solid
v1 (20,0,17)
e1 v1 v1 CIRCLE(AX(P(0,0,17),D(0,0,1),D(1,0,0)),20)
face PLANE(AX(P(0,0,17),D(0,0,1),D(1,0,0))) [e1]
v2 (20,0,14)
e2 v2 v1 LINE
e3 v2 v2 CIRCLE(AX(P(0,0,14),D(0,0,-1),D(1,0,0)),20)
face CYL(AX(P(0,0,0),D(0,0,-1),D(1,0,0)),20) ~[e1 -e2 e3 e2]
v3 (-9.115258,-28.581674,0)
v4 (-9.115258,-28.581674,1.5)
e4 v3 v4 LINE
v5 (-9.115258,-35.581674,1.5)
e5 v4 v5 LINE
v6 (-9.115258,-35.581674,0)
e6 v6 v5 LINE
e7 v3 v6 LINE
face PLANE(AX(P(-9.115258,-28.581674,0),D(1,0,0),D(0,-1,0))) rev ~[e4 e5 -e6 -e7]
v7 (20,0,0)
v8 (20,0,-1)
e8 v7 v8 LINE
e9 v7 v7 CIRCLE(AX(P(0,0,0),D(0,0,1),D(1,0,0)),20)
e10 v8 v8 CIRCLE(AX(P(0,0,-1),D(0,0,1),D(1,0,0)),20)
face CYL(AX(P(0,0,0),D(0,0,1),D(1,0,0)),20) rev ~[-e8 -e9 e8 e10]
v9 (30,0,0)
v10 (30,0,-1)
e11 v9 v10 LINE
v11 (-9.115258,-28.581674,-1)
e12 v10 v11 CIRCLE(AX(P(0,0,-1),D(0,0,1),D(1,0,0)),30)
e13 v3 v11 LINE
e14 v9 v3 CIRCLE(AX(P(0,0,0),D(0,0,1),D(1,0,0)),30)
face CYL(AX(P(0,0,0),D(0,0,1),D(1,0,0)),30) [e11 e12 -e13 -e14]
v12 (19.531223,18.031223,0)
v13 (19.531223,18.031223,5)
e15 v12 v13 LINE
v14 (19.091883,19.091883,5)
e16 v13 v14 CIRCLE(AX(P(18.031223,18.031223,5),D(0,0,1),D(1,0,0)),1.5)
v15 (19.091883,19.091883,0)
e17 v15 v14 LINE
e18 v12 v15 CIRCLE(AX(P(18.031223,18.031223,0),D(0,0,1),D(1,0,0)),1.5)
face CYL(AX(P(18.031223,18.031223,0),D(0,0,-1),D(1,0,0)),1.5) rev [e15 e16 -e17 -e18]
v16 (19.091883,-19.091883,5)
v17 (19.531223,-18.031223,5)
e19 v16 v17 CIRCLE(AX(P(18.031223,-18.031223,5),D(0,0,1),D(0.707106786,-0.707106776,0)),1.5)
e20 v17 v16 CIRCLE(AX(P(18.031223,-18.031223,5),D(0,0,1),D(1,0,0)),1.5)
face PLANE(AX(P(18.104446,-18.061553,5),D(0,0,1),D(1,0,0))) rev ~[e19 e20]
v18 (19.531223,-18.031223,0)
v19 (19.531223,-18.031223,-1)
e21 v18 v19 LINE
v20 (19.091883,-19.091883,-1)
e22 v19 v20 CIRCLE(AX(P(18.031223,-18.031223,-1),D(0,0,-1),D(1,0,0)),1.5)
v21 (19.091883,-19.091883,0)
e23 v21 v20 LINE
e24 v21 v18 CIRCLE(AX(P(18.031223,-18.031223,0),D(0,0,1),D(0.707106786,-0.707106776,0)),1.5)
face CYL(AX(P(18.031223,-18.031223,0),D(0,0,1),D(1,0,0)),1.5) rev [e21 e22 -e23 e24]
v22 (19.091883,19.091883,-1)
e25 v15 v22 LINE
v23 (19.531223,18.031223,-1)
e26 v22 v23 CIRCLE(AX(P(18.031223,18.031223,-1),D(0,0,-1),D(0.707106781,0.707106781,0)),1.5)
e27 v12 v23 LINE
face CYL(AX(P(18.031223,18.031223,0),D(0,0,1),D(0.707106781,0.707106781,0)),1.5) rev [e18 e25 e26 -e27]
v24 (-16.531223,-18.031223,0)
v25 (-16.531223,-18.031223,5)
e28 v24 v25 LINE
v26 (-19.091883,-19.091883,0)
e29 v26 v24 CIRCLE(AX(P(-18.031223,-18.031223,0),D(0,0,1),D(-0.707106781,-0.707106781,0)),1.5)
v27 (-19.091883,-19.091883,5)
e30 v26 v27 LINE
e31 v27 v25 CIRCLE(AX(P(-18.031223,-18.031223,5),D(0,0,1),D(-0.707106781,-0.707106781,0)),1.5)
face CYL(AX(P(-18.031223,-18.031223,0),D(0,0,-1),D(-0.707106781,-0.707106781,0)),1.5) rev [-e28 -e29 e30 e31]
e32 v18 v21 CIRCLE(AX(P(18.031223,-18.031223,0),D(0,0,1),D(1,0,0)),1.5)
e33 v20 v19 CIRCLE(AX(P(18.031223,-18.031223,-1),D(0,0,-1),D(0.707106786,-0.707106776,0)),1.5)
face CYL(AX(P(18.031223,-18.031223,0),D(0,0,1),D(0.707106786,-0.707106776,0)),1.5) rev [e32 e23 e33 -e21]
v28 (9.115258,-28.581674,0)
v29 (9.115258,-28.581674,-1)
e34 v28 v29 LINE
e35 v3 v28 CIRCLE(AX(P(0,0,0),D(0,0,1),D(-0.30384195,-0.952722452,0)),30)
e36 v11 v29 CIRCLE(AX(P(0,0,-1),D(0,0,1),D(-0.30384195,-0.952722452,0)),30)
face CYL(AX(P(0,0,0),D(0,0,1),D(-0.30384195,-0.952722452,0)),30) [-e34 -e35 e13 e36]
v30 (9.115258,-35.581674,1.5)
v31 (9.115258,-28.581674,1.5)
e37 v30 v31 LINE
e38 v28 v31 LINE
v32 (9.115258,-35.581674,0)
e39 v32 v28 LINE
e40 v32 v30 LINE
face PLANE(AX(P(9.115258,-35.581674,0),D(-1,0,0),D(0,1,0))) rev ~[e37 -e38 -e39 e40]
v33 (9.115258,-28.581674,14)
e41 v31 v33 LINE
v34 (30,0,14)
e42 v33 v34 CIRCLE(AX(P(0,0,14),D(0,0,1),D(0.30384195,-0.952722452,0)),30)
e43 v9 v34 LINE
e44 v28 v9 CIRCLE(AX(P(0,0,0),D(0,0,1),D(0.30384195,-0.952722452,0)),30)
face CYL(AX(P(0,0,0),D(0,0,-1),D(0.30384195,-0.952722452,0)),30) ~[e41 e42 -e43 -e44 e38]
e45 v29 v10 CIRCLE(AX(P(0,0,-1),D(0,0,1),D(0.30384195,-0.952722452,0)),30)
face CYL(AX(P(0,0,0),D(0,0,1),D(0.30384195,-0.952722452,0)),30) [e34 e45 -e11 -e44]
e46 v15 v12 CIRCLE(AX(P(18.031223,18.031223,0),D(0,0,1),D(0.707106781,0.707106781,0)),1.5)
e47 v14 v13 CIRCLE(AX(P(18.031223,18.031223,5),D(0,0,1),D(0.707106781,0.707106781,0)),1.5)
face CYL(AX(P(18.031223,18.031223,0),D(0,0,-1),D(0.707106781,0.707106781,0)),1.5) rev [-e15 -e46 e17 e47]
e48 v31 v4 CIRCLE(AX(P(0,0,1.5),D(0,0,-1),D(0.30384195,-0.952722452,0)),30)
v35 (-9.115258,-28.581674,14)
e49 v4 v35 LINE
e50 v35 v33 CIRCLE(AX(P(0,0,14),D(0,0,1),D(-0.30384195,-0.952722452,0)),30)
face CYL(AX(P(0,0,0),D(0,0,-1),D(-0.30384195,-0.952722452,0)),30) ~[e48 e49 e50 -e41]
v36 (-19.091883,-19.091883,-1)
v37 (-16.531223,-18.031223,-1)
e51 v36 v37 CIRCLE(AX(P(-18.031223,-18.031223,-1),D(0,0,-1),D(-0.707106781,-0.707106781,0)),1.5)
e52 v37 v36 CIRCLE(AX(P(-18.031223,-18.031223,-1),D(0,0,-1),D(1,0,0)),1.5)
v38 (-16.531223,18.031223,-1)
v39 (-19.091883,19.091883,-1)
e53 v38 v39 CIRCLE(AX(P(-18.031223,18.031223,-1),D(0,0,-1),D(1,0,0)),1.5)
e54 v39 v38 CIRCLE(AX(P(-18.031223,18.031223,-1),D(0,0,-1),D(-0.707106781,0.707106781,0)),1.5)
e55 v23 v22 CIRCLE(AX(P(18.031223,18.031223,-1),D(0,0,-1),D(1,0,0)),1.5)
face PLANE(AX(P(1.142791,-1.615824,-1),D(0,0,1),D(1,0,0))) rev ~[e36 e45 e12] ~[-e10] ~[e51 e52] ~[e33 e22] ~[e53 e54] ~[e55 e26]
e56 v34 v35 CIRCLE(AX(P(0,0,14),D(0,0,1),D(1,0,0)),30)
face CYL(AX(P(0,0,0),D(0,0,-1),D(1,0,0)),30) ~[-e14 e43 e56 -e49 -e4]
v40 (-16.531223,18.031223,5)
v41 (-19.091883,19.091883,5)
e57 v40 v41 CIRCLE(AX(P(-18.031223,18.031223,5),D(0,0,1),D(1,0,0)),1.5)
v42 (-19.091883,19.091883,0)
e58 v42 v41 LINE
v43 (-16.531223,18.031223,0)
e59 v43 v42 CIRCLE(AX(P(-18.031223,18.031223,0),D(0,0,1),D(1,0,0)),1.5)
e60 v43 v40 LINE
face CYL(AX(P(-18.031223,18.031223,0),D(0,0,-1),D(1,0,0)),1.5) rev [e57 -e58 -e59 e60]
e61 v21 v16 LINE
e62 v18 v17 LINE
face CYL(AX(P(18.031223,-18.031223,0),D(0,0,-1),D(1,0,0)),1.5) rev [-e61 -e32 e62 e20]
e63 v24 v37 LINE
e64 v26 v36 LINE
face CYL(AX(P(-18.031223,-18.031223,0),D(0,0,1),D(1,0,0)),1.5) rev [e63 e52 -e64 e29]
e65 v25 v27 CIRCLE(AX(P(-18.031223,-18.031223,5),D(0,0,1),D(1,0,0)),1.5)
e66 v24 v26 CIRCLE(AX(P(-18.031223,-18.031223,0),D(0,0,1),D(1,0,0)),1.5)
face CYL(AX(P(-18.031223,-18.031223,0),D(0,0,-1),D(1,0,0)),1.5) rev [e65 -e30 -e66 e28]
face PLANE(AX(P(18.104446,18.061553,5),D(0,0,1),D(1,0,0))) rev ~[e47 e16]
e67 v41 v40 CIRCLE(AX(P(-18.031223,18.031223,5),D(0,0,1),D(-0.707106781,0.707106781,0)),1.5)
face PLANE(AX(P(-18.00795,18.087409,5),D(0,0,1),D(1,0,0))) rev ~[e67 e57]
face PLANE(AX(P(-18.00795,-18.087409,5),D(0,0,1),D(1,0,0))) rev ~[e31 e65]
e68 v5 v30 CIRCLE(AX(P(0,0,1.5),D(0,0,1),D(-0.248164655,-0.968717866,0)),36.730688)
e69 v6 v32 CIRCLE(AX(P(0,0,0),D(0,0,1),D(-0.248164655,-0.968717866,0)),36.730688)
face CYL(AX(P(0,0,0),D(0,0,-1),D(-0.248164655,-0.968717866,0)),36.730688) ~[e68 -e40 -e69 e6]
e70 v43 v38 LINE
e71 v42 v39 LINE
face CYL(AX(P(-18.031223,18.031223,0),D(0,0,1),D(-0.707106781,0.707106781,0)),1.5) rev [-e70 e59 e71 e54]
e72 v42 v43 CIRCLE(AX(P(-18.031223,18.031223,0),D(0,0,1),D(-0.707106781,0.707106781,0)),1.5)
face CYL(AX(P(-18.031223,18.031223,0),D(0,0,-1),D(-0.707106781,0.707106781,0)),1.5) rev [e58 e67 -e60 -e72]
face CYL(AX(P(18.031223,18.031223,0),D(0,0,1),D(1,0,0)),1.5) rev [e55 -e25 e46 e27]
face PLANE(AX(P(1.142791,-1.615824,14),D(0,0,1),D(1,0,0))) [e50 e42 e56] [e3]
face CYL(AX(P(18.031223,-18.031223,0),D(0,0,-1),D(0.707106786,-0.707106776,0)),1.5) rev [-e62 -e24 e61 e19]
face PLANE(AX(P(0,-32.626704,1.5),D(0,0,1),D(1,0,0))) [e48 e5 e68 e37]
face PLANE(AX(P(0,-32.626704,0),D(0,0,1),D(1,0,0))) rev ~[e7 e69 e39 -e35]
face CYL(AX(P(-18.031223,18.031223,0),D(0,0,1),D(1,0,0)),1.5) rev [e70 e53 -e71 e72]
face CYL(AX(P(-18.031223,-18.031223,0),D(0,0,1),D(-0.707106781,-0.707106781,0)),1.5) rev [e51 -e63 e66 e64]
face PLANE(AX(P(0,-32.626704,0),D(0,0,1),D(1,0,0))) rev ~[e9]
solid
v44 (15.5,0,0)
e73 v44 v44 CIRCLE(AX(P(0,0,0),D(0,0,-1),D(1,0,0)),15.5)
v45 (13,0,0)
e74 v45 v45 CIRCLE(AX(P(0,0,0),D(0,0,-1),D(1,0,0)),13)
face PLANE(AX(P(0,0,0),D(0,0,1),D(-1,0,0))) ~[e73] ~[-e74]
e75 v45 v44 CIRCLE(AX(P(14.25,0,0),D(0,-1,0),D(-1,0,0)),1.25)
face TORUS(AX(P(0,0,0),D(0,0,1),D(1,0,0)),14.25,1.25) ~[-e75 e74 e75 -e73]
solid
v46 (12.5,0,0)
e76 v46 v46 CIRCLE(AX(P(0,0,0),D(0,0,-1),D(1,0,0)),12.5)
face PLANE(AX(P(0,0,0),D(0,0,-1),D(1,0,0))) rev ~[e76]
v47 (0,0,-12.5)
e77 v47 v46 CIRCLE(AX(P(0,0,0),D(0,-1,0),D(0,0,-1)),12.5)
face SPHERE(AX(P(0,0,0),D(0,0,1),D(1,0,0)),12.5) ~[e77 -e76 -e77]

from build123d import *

# Parameters (mm, degrees)
F0_R     = 20
F0_R_2   = 12.5
F1_DEPTH = 14
F2_DEPTH = 17
F0_R_3   = 1
F3_DEPTH = 1.5
F4_DEPTH = 5
F7_DEPTH = 1


with BuildPart() as f1:
    # F0 (on Top) → F1 (new body)
    with BuildSketch(Plane.XY):
        with BuildLine():
            ThreePointArc((9.1152584866, -28.5816735466), (24.2224870172, -17.6994667349), (30, 0))
            ThreePointArc((30, 0), (-17.6994667349, 24.2224870172), (-9.1152584866, -28.5816735466))
            ThreePointArc((-9.1152584866, -28.5816735466), (0, -30), (9.1152584866, -28.5816735466))
        make_face()
        with BuildLine():
            ThreePointArc((19.091883092, 19.091883092), (24.9447473778, 10.3324526739), (27, 0))
            ThreePointArc((27, 0), (24.9447473798, -10.3324526689), (19.0918830996, -19.0918830845))
            ThreePointArc((19.0918830996, -19.0918830845), (5.3e-09, -27), (-19.091883092, -19.091883092))
            ThreePointArc((-19.091883092, -19.091883092), (-27, 0), (-19.091883092, 19.091883092))
            ThreePointArc((-19.091883092, 19.091883092), (0, 27), (19.091883092, 19.091883092))
        make_face(mode=Mode.SUBTRACT)
        with BuildLine():
            ThreePointArc((19.0918830996, -19.0918830845), (24.9447473798, -10.3324526689), (27, 0))
            ThreePointArc((27, 0), (24.9447473778, 10.3324526739), (19.091883092, 19.091883092))
            ThreePointArc((19.091883092, 19.091883092), (0, 27), (-19.091883092, 19.091883092))
            ThreePointArc((-19.091883092, 19.091883092), (-27, 0), (-19.091883092, -19.091883092))
            ThreePointArc((-19.091883092, -19.091883092), (5.3e-09, -27), (19.0918830996, -19.0918830845))
        make_face()
        with BuildLine():
            ThreePointArc((-16.5312229203, -18.0312229203), (-17.4571977717, -19.417042219), (-19.091883092, -19.091883092))
            ThreePointArc((-19.091883092, -19.091883092), (-18.6052480688, -16.6454036215), (-16.5312229203, -18.0312229203))
        make_face(mode=Mode.SUBTRACT)
        with BuildLine():
            ThreePointArc((19.5312229203, -18.0312229203), (19.4170422211, -18.6052480639), (19.0918830996, -19.0918830845))
            ThreePointArc((19.0918830996, -19.0918830845), (16.6454036195, -17.4571977766), (19.5312229203, -18.0312229203))
        make_face(mode=Mode.SUBTRACT)
        with BuildLine():
            ThreePointArc((-16.5312229203, 18.0312229203), (-18.6052480688, 16.6454036215), (-19.091883092, 19.091883092))
            ThreePointArc((-19.091883092, 19.091883092), (-17.4571977717, 19.417042219), (-16.5312229203, 18.0312229203))
        make_face(mode=Mode.SUBTRACT)
        Circle(F0_R, mode=Mode.SUBTRACT)
        with BuildLine():
            ThreePointArc((19.5312229203, 18.0312229203), (16.6454036215, 17.4571977717), (19.091883092, 19.091883092))
            ThreePointArc((19.091883092, 19.091883092), (19.417042219, 18.6052480688), (19.5312229203, 18.0312229203))
        make_face(mode=Mode.SUBTRACT)
        Circle(F0_R)
        Circle(F0_R_2, mode=Mode.SUBTRACT)
        Circle(F0_R_2)
        with BuildLine():
            ThreePointArc((19.5312229203, 18.0312229203), (19.417042219, 18.6052480688), (19.091883092, 19.091883092))
            ThreePointArc((19.091883092, 19.091883092), (16.6454036215, 17.4571977717), (19.5312229203, 18.0312229203))
        make_face()
        with BuildLine():
            ThreePointArc((-16.5312229203, 18.0312229203), (-17.4571977717, 19.417042219), (-19.091883092, 19.091883092))
            ThreePointArc((-19.091883092, 19.091883092), (-18.6052480688, 16.6454036215), (-16.5312229203, 18.0312229203))
        make_face()
        with BuildLine():
            ThreePointArc((-16.5312229203, -18.0312229203), (-18.6052480688, -16.6454036215), (-19.091883092, -19.091883092))
            ThreePointArc((-19.091883092, -19.091883092), (-17.4571977717, -19.417042219), (-16.5312229203, -18.0312229203))
        make_face()
        with BuildLine():
            ThreePointArc((19.5312229203, -18.0312229203), (16.6454036195, -17.4571977766), (19.0918830996, -19.0918830845))
            ThreePointArc((19.0918830996, -19.0918830845), (19.4170422211, -18.6052480639), (19.5312229203, -18.0312229203))
        make_face()
    extrude(amount=F1_DEPTH)

    # F0 (on Top) → F2 (join)
    with BuildSketch(Plane.XY):
        Circle(F0_R)
        Circle(F0_R_2, mode=Mode.SUBTRACT)
        Circle(F0_R_2)
    extrude(amount=F2_DEPTH)

    # F0 (on Top) → F3 (join)
    with BuildSketch(Plane.XY):
        with BuildLine():
            ThreePointArc((9.1152584866, -28.5816735466), (0, -30), (-9.1152584866, -28.5816735466))
            Line((-9.1152584866, -28.5816735466), (-9.1152584866, -35.5816735466))
            ThreePointArc((-9.1152584866, -35.5816735466), (0, -36.7306878462), (9.1152584866, -35.5816735466))
            Line((9.1152584866, -35.5816735466), (9.1152584866, -28.5816735466))
        make_face()
        with Locations((-4.2370397167, -33.0812516278)):
            Circle(F0_R_3, mode=Mode.SUBTRACT)
        with Locations((4.2370397167, -33.0812516278)):
            Circle(F0_R_3, mode=Mode.SUBTRACT)
        with Locations((-4.2370397167, -33.0812516278)):
            Circle(F0_R_3)
        with Locations((4.2370397167, -33.0812516278)):
            Circle(F0_R_3)
    extrude(amount=F3_DEPTH)

    # F0 (on Top) → F4 (cut)
    with BuildSketch(Plane.XY):
        with BuildLine():
            ThreePointArc((-16.5312229203, 18.0312229203), (-17.4571977717, 19.417042219), (-19.091883092, 19.091883092))
            ThreePointArc((-19.091883092, 19.091883092), (-18.6052480688, 16.6454036215), (-16.5312229203, 18.0312229203))
        make_face()
        with BuildLine():
            ThreePointArc((19.5312229203, 18.0312229203), (19.417042219, 18.6052480688), (19.091883092, 19.091883092))
            ThreePointArc((19.091883092, 19.091883092), (16.6454036215, 17.4571977717), (19.5312229203, 18.0312229203))
        make_face()
        with BuildLine():
            ThreePointArc((19.5312229203, -18.0312229203), (16.6454036195, -17.4571977766), (19.0918830996, -19.0918830845))
            ThreePointArc((19.0918830996, -19.0918830845), (19.4170422211, -18.6052480639), (19.5312229203, -18.0312229203))
        make_face()
        with BuildLine():
            ThreePointArc((-16.5312229203, -18.0312229203), (-18.6052480688, -16.6454036215), (-19.091883092, -19.091883092))
            ThreePointArc((-19.091883092, -19.091883092), (-17.4571977717, -19.417042219), (-16.5312229203, -18.0312229203))
        make_face()
    extrude(amount=F4_DEPTH, mode=Mode.SUBTRACT)

    # F0 (on Top) → F7 (join)
    with BuildSketch(Plane.XY):
        with BuildLine():
            ThreePointArc((9.1152584866, -28.5816735466), (24.2224870172, -17.6994667349), (30, 0))
            ThreePointArc((30, 0), (-17.6994667349, 24.2224870172), (-9.1152584866, -28.5816735466))
            ThreePointArc((-9.1152584866, -28.5816735466), (0, -30), (9.1152584866, -28.5816735466))
        make_face()
        with BuildLine():
            ThreePointArc((19.091883092, 19.091883092), (24.9447473778, 10.3324526739), (27, 0))
            ThreePointArc((27, 0), (24.9447473798, -10.3324526689), (19.0918830996, -19.0918830845))
            ThreePointArc((19.0918830996, -19.0918830845), (5.3e-09, -27), (-19.091883092, -19.091883092))
            ThreePointArc((-19.091883092, -19.091883092), (-27, 0), (-19.091883092, 19.091883092))
            ThreePointArc((-19.091883092, 19.091883092), (0, 27), (19.091883092, 19.091883092))
        make_face(mode=Mode.SUBTRACT)
        with BuildLine():
            ThreePointArc((19.0918830996, -19.0918830845), (24.9447473798, -10.3324526689), (27, 0))
            ThreePointArc((27, 0), (24.9447473778, 10.3324526739), (19.091883092, 19.091883092))
            ThreePointArc((19.091883092, 19.091883092), (0, 27), (-19.091883092, 19.091883092))
            ThreePointArc((-19.091883092, 19.091883092), (-27, 0), (-19.091883092, -19.091883092))
            ThreePointArc((-19.091883092, -19.091883092), (5.3e-09, -27), (19.0918830996, -19.0918830845))
        make_face()
        with BuildLine():
            ThreePointArc((-16.5312229203, -18.0312229203), (-17.4571977717, -19.417042219), (-19.091883092, -19.091883092))
            ThreePointArc((-19.091883092, -19.091883092), (-18.6052480688, -16.6454036215), (-16.5312229203, -18.0312229203))
        make_face(mode=Mode.SUBTRACT)
        with BuildLine():
            ThreePointArc((19.5312229203, -18.0312229203), (19.4170422211, -18.6052480639), (19.0918830996, -19.0918830845))
            ThreePointArc((19.0918830996, -19.0918830845), (16.6454036195, -17.4571977766), (19.5312229203, -18.0312229203))
        make_face(mode=Mode.SUBTRACT)
        with BuildLine():
            ThreePointArc((-16.5312229203, 18.0312229203), (-18.6052480688, 16.6454036215), (-19.091883092, 19.091883092))
            ThreePointArc((-19.091883092, 19.091883092), (-17.4571977717, 19.417042219), (-16.5312229203, 18.0312229203))
        make_face(mode=Mode.SUBTRACT)
        Circle(F0_R, mode=Mode.SUBTRACT)
        with BuildLine():
            ThreePointArc((19.5312229203, 18.0312229203), (16.6454036215, 17.4571977717), (19.091883092, 19.091883092))
            ThreePointArc((19.091883092, 19.091883092), (19.417042219, 18.6052480688), (19.5312229203, 18.0312229203))
        make_face(mode=Mode.SUBTRACT)
    extrude(amount=-F7_DEPTH)


with BuildPart() as f6:
    # F5 (on Front) → F6 (revolve)
    with BuildSketch(Plane.XZ):
        with BuildLine():
            Line((12.5, 0), (0, 0))
            Line((0, 0), (0, -12.5))
            ThreePointArc((0, -12.5), (8.8388347648, -8.8388347648), (12.5, 0))
        make_face()
    revolve(axis=Axis((0, 0, -7.012763992), (0, 0, -1)))


with BuildPart() as f6b:
    # F5 (on Front) → F6, piece 2 (revolve)
    with BuildSketch(Plane.XZ):
        with BuildLine():
            Line((14.25, 0), (13, 0))
            ThreePointArc((13, 0), (14.25, -1.25), (15.5, 0))
            Line((15.5, 0), (14.25, 0))
        make_face()
    revolve(axis=Axis((0, 0, -7.012763992), (0, 0, -1)))


solid = Compound([f1.part, f6.part, f6b.part])
